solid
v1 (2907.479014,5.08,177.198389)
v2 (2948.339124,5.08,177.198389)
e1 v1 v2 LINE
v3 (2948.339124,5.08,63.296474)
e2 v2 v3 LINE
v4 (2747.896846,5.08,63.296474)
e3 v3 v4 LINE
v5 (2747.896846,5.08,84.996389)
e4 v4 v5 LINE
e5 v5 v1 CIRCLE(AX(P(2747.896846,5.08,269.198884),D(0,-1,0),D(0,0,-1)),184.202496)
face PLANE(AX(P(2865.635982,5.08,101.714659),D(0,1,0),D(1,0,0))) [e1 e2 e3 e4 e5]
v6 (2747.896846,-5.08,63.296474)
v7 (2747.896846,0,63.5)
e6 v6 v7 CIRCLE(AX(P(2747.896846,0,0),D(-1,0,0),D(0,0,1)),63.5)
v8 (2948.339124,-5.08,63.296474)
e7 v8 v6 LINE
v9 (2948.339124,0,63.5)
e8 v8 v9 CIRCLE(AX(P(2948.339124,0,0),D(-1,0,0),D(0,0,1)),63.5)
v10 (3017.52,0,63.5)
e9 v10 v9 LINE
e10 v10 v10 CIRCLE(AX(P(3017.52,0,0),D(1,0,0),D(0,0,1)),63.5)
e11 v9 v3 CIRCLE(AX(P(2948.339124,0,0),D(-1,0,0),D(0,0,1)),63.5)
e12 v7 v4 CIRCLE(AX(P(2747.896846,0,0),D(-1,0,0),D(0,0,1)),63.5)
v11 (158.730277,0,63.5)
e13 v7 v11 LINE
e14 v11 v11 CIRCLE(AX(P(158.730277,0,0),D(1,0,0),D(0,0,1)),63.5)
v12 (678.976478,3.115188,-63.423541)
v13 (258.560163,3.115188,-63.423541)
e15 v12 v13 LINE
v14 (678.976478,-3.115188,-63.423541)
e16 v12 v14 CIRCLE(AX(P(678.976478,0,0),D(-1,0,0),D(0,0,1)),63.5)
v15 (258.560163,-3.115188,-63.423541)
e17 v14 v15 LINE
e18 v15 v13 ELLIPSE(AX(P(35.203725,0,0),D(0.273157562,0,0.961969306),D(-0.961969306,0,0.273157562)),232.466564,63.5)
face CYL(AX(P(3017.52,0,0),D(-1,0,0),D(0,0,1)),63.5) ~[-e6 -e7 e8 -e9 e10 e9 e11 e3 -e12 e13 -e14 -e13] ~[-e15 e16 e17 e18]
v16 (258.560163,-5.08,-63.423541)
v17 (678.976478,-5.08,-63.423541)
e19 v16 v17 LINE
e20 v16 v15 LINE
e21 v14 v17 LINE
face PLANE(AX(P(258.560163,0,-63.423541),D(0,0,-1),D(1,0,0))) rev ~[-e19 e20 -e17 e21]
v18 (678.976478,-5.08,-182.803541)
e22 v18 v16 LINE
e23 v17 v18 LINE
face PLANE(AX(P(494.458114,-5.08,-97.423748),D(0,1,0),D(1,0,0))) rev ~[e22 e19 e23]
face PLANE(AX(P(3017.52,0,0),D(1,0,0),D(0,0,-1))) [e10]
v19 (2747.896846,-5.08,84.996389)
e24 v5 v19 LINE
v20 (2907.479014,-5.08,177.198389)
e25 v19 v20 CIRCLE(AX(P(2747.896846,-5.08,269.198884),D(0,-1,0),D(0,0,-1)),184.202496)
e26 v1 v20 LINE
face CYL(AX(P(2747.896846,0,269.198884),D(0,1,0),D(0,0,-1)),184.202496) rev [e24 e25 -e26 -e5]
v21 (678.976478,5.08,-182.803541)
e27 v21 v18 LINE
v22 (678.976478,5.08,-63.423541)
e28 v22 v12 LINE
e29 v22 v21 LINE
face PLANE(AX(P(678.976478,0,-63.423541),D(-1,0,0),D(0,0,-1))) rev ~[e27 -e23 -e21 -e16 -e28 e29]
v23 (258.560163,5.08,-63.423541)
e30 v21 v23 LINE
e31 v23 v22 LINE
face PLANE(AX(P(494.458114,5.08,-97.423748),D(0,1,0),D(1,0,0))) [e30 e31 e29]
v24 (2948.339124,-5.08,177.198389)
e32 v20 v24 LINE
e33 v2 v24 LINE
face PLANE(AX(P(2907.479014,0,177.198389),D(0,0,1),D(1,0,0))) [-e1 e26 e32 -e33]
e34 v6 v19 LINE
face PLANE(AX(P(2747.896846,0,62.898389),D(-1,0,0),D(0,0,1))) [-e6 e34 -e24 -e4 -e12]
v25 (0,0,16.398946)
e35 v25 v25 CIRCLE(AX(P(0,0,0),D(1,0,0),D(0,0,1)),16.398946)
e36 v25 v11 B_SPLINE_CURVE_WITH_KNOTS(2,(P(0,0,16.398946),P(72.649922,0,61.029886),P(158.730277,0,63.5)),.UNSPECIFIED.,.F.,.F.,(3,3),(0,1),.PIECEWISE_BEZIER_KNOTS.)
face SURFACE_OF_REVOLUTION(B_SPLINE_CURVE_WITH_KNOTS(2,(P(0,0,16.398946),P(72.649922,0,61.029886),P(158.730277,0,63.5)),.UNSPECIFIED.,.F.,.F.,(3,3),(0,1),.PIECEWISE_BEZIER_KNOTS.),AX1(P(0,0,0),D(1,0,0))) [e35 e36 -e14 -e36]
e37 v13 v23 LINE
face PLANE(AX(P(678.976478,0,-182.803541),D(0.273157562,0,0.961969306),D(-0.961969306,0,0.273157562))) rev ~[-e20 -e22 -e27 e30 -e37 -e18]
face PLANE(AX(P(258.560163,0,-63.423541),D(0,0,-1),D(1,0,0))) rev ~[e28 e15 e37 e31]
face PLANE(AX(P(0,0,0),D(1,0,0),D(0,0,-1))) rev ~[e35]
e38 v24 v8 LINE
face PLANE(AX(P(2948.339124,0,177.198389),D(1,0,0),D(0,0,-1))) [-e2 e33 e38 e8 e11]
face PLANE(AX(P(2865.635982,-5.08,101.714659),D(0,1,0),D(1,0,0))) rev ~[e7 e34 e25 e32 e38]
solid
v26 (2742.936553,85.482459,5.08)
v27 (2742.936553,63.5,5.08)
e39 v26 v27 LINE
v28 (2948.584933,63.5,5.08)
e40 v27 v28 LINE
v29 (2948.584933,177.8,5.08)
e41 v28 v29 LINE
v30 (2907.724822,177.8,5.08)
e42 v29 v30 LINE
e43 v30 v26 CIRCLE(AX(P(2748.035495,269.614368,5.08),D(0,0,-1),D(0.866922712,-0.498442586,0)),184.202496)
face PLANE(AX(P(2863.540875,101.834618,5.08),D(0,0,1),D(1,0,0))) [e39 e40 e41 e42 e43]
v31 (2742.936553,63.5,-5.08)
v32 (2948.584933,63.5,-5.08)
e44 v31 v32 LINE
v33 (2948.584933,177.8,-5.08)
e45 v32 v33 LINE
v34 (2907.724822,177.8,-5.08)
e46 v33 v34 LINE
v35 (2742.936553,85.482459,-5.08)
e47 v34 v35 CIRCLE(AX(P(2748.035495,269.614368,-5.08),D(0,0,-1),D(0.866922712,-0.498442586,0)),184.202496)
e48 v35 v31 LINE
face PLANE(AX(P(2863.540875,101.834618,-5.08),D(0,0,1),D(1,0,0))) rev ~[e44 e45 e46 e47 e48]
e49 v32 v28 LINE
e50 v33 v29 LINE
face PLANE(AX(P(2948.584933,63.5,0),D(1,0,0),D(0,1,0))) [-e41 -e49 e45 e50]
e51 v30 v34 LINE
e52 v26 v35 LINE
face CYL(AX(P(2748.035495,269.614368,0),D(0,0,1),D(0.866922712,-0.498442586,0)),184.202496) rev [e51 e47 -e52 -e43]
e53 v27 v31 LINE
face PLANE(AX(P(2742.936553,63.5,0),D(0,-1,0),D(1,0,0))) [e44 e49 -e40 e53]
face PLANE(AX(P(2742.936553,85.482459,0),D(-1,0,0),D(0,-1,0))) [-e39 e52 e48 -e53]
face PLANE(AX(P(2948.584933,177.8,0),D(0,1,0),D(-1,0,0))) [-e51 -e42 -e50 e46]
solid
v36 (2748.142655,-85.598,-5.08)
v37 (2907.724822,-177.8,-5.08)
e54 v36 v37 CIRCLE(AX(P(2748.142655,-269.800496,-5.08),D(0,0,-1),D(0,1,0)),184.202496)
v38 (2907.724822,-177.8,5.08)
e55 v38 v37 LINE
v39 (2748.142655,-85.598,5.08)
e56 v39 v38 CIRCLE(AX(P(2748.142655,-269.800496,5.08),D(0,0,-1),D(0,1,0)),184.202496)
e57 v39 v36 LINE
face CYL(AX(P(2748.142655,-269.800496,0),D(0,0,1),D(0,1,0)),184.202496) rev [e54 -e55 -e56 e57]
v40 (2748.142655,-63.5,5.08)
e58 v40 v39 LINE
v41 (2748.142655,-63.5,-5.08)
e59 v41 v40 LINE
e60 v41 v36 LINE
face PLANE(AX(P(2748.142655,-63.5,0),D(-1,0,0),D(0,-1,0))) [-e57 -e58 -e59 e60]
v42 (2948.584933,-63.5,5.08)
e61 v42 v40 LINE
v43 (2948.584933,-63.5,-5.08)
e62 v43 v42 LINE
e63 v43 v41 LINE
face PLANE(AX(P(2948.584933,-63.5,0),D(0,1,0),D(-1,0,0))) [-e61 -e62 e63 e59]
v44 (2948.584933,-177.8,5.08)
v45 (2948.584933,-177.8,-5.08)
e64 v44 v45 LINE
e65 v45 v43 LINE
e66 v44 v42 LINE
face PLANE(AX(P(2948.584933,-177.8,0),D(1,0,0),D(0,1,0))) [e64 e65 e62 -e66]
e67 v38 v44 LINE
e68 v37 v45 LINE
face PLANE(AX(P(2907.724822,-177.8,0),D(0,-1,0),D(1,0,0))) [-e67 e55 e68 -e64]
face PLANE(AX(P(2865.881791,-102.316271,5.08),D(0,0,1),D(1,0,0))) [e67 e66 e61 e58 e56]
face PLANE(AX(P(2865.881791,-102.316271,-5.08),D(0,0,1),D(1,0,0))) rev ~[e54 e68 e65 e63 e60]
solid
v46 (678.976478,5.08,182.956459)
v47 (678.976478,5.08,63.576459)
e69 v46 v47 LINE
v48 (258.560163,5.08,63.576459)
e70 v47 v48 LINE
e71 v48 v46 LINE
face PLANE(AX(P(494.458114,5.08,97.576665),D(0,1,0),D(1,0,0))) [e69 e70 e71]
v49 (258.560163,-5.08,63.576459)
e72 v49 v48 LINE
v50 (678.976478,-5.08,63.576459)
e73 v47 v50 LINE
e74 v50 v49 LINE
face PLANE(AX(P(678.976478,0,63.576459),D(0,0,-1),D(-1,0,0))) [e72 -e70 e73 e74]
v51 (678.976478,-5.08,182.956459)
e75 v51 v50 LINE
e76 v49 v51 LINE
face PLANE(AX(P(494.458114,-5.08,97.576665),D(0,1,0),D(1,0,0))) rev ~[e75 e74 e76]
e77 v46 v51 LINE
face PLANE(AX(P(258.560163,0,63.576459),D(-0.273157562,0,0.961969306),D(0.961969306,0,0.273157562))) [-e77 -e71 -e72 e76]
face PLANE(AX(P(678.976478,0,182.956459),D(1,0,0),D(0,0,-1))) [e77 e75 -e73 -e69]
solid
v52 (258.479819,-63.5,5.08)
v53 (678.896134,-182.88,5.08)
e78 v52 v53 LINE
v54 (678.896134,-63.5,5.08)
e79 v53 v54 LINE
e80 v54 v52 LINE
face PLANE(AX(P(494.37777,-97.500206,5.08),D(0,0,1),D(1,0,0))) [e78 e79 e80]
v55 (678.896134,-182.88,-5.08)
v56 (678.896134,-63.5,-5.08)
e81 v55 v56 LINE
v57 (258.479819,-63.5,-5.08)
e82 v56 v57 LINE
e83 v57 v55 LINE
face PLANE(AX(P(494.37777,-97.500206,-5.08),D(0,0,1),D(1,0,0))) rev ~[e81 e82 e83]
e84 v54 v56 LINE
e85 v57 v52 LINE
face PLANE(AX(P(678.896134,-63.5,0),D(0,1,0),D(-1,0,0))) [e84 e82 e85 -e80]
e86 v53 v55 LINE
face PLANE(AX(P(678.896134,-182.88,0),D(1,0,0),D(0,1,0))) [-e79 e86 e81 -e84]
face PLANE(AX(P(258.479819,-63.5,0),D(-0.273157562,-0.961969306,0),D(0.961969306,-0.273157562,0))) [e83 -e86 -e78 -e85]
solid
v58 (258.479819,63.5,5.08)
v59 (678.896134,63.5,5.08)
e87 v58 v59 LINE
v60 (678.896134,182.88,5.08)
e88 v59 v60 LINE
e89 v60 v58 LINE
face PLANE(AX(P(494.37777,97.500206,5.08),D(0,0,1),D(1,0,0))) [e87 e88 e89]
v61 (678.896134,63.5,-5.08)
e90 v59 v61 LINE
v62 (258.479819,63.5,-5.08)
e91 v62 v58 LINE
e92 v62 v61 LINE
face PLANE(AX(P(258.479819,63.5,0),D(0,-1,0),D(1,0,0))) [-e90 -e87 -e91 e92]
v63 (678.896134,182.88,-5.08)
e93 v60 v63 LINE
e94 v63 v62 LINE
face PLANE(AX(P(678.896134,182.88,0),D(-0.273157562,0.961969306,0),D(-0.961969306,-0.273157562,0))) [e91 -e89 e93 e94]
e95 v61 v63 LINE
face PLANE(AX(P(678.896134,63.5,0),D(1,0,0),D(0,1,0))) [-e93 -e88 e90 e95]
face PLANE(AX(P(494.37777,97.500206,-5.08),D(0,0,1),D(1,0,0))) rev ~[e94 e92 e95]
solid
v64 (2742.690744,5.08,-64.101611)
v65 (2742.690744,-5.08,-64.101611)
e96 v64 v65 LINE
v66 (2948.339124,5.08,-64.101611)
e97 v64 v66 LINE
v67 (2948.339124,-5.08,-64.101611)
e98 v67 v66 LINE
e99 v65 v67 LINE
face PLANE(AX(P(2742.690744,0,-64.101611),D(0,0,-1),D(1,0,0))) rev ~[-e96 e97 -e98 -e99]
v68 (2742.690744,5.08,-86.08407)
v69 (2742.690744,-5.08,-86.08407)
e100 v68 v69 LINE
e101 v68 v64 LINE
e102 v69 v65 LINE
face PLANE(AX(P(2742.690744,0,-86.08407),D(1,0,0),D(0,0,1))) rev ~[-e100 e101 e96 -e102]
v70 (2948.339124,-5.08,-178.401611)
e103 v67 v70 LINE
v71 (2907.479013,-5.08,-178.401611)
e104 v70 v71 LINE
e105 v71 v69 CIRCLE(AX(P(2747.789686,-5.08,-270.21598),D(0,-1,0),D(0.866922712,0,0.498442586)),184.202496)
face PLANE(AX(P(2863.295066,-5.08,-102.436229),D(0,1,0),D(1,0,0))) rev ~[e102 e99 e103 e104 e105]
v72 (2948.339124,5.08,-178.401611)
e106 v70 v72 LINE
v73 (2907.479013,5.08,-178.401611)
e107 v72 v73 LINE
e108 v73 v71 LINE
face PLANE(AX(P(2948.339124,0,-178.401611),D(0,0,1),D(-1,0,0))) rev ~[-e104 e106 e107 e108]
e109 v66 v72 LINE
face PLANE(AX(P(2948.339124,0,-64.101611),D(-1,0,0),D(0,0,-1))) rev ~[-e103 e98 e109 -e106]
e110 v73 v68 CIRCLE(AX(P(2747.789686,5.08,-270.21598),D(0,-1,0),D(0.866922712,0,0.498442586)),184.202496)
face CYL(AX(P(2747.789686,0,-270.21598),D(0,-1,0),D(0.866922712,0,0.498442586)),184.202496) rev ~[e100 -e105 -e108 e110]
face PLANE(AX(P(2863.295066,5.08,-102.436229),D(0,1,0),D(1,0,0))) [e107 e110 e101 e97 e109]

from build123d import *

# Parameters (mm, degrees)
BOSS_EXTRUDE2_START   = 3017.52
SKETCH4_R             = 16.398945734
BOSS_EXTRUDE2_DEPTH   = 3017.52
BOSS_EXTRUDE3_DEPTH   = 5.08
BOSS_EXTRUDE3_2_DEPTH = 5.08
BOSS_EXTRUDE4_DEPTH   = 5.08
BOSS_EXTRUDE5_DEPTH   = 5.08
BOSS_EXTRUDE5_2_DEPTH = 5.08
BOSS_EXTRUDE6_DEPTH   = 5.08


with BuildPart() as part:
    # Sketch1 → Revolve4 (revolve)
    with BuildSketch(Plane.XY):
        with BuildLine():
            Line((3017.52, 63.5), (158.730277168, 63.5))
            add(Edge.make_bspline(
                [(0, 16.398945734), (72.649922377, 61.029885538), (158.730277168, 63.5)],
                knots=[0, 0, 0, 1, 1, 1], degree=2))
            Line((0, 16.398945734), (3017.52, 16.398945734))
            Line((3017.52, 16.398945734), (3017.52, 63.5))
        make_face()
    revolve(axis=Axis((0, 0, 0), (1, 0, 0)))

    # Sketch4 → Boss-Extrude2 (add)
    with BuildSketch(Plane(origin=(0, 0, 0), x_dir=(0, 0, -1), z_dir=(1, 0, 0)).offset(BOSS_EXTRUDE2_START)):
        Circle(SKETCH4_R)
    extrude(amount=-BOSS_EXTRUDE2_DEPTH)

    # Sketch7 → Boss-Extrude4 (add, symmetric)
    with BuildSketch(Plane(origin=(0, 0, 0), x_dir=(1, 0, 0), z_dir=(0, 1, 0))):
        with BuildLine():
            Line((2742.690743974, 64.10161135), (2948.339123975, 64.10161135))
            Line((2948.339123975, 64.10161135), (2948.339123975, 178.40161135))
            Line((2948.339123975, 178.40161135), (2907.479013417, 178.40161135))
            ThreePointArc((2907.479013417, 178.40161135), (2837.818453284, 109.513208892), (2742.690743974, 86.084069922))
            Line((2742.690743974, 86.084069922), (2742.690743974, 64.10161135))
        make_face()
        with BuildLine():
            Line((2948.339123975, -177.19838865), (2948.339123975, -62.89838865))
            Line((2948.339123975, -62.89838865), (2747.896846012, -62.89838865))
            Line((2747.896846012, -62.89838865), (2747.896846012, -84.99638865))
            ThreePointArc((2747.896846012, -84.99638865), (2840.048456129, -109.703930927), (2907.479013515, -177.19838865))
            Line((2907.479013515, -177.19838865), (2948.339123975, -177.19838865))
        make_face()
    extrude(amount=BOSS_EXTRUDE4_DEPTH, both=True)


with BuildPart() as body_2:
    # Sketch5 → Boss-Extrude3 (new, symmetric)
    with BuildSketch(Plane.XY):
        with BuildLine():
            Line((2742.936552939, 63.5), (2948.58493294, 63.5))
            Line((2948.58493294, 63.5), (2948.58493294, 177.8))
            Line((2948.58493294, 177.8), (2907.724822382, 177.8))
            ThreePointArc((2907.724822382, 177.8), (2838.064262249, 108.911597541), (2742.936552939, 85.482458571))
            Line((2742.936552939, 85.482458571), (2742.936552939, 63.5))
        make_face()
    extrude(amount=BOSS_EXTRUDE3_DEPTH, both=True)


with BuildPart() as body_3:
    # Sketch5 → Boss-Extrude3 2 (new, symmetric)
    with BuildSketch(Plane.XY):
        with BuildLine():
            Line((2948.58493294, -177.8), (2948.58493294, -63.5))
            Line((2948.58493294, -63.5), (2748.142654977, -63.5))
            Line((2748.142654977, -63.5), (2748.142654977, -85.598))
            ThreePointArc((2748.142654977, -85.598), (2840.294265094, -110.305542277), (2907.72482248, -177.8))
            Line((2907.72482248, -177.8), (2948.58493294, -177.8))
        make_face()
    extrude(amount=BOSS_EXTRUDE3_2_DEPTH, both=True)


with BuildPart() as boss_extrude4_piece_1:
    # of the separate pieces the step leaves, piece 1, a body of its own (boss_extrude4_pieces)
    add(part.part.solids().sort_by_distance((3017.52, 63.5, 0))[0])

    # Sketch10 → Boss-Extrude6 (add, symmetric)
    with BuildSketch(Plane(origin=(0, 0, 0), x_dir=(1, 0, 0), z_dir=(0, 1, 0))):
        Polygon((678.976478206, 182.803541386), (258.560162791, 63.423541386), (678.976478206, 63.423541386), align=None)
        Polygon((678.976478206, -63.576458614), (258.560162791, -63.576458614), (678.976478206, -182.956458614), align=None)
    extrude(amount=BOSS_EXTRUDE6_DEPTH, both=True)


with BuildPart() as boss_extrude4_piece_2:
    # of the separate pieces the step leaves, piece 2, a body of its own (boss_extrude4_pieces)
    add(part.part.solids().sort_by_distance((2742.690743974, -5.08, -86.084069922))[0])


with BuildPart() as body_5:
    # Sketch8 → Boss-Extrude5 (new, symmetric)
    with BuildSketch(Plane.XY):
        Polygon((678.896134422, 182.88), (258.479819006, 63.5), (678.896134422, 63.5), align=None)
    extrude(amount=BOSS_EXTRUDE5_DEPTH, both=True)


with BuildPart() as body_6:
    # Sketch8 → Boss-Extrude5 2 (new, symmetric)
    with BuildSketch(Plane.XY):
        Polygon((678.896134422, -63.5), (258.479819006, -63.5), (678.896134422, -182.88), align=None)
    extrude(amount=BOSS_EXTRUDE5_2_DEPTH, both=True)


with BuildPart() as boss_extrude6_piece_1:
    # of the separate pieces the step leaves, piece 1, a body of its own (boss_extrude6_pieces)
    add(boss_extrude4_piece_1.part.solids().sort_by_distance((3017.52, 63.5, 0))[0])


with BuildPart() as boss_extrude6_piece_2:
    # of the separate pieces the step leaves, piece 2, a body of its own (boss_extrude6_pieces)
    add(boss_extrude4_piece_1.part.solids().sort_by_distance((678.976478206, -5.08, 63.576458614))[0])


solid = Compound([body_2.part, body_3.part, boss_extrude4_piece_2.part, body_5.part, body_6.part, boss_extrude6_piece_1.part, boss_extrude6_piece_2.part])
